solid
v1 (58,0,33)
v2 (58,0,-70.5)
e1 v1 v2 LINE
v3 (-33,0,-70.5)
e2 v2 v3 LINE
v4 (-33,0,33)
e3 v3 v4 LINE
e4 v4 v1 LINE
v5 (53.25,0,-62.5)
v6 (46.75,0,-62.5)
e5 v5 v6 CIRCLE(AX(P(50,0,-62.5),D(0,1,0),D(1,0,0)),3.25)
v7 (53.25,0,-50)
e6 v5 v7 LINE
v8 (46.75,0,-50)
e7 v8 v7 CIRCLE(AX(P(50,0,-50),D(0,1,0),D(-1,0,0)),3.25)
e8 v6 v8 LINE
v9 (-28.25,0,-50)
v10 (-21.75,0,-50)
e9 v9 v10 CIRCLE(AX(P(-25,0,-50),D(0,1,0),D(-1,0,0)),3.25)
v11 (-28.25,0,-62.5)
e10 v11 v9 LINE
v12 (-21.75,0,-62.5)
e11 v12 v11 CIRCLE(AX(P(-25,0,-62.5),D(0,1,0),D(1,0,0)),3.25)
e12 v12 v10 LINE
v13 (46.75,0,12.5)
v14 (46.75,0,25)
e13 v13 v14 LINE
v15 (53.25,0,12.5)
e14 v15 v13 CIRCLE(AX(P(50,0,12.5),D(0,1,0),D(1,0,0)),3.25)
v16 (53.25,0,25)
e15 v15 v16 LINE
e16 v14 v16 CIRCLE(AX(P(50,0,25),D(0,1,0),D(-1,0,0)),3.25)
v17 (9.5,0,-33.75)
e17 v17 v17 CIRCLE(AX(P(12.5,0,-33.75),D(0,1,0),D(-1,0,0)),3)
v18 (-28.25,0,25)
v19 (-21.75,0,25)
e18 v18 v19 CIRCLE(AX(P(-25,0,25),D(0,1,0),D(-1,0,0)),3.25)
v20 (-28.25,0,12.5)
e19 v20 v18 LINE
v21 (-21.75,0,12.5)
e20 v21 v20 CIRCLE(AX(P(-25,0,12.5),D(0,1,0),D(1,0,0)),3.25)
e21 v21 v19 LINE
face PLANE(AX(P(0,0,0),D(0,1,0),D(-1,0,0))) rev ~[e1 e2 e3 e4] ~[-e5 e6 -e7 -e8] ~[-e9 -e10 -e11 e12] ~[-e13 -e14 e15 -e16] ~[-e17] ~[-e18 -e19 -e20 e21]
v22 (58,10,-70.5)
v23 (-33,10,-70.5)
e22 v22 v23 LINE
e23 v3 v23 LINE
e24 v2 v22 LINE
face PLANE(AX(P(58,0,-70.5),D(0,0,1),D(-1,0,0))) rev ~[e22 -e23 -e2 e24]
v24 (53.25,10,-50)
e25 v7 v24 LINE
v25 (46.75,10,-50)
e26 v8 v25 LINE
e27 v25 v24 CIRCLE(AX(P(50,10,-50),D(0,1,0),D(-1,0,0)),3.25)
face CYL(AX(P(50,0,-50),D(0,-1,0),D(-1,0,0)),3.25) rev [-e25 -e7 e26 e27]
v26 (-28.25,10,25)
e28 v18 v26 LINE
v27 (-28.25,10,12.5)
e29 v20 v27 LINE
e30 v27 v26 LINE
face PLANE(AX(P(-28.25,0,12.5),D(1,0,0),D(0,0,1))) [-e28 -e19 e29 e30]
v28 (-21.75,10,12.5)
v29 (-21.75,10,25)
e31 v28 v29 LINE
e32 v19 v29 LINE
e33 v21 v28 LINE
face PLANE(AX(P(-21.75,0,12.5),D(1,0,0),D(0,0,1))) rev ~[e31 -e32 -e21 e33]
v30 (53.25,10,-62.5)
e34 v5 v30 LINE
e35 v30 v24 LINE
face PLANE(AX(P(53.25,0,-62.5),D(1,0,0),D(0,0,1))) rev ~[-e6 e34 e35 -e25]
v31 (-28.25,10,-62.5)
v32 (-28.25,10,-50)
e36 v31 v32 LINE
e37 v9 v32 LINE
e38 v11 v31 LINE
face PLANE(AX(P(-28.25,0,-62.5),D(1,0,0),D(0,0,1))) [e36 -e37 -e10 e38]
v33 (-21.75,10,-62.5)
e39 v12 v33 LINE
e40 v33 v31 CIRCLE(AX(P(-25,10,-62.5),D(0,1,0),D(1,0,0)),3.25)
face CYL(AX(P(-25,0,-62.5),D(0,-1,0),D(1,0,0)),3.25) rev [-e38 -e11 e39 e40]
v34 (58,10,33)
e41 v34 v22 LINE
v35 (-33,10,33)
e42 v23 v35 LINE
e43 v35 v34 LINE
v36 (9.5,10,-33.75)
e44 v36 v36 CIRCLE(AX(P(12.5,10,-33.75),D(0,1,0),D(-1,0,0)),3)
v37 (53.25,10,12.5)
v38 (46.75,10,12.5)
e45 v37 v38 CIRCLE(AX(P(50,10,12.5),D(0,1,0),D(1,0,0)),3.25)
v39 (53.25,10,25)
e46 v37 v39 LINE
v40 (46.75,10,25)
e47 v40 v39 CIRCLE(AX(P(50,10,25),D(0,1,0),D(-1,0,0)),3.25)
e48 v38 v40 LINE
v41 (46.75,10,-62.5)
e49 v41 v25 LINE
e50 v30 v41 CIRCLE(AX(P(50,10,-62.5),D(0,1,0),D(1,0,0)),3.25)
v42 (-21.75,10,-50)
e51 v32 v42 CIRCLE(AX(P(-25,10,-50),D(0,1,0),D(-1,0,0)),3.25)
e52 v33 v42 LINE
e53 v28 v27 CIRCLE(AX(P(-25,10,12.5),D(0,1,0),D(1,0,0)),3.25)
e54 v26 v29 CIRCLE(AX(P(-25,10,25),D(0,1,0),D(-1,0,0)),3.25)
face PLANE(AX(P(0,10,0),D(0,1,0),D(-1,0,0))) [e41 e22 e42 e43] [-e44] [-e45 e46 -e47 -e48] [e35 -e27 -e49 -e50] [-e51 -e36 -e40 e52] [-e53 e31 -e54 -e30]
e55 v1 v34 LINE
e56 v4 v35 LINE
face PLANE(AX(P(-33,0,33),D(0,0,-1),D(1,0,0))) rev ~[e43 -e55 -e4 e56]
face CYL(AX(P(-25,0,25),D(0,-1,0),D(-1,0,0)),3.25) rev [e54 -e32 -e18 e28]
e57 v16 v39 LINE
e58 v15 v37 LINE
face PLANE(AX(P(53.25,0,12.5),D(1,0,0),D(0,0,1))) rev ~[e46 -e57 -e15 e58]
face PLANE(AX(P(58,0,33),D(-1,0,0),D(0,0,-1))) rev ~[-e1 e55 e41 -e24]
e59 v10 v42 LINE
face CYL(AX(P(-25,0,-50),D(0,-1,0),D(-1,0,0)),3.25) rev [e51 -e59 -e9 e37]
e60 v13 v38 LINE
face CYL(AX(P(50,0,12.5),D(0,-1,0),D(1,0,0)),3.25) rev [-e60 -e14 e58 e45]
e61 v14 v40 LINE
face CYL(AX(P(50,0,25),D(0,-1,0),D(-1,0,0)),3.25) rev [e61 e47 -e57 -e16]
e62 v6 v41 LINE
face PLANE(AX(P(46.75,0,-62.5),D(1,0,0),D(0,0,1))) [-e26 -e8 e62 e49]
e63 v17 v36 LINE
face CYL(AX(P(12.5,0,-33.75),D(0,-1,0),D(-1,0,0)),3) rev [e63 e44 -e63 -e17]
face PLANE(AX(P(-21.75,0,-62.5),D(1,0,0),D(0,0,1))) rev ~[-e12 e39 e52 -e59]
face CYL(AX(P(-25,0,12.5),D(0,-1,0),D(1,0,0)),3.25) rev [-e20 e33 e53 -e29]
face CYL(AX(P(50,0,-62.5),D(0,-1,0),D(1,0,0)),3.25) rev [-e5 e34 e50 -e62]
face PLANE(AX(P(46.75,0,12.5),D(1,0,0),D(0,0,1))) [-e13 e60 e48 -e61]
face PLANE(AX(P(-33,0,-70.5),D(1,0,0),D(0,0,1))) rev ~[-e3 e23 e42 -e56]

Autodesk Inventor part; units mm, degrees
ref_plane "YZ Plane" through (0, 0, 0) normal (1, 0, 0) x (0, 1, 0)
ref_plane "XZ Plane" through (0, 0, 0) normal (0, 1, 0) x (-1, 0, 0)
ref_plane "XY Plane" through (0, 0, 0) normal (0, 0, 1) x (1, 0, 0)
sketch "Sketch2" plane through (0, 0, 0) normal (0, 1, 0) x (-1, 0, 0)
  arc A0 (21.75, 12.5) -> (28.25, 12.5) centre (25, 12.5) ccw
  line L0 (28.25, 12.5) -> (21.75, 12.5) construction
  line L1 (28.25, 12.5) -> (34.75, 12.5) construction
  line L2 (28.25, 12.5) -> (28.25, 25)
  line L3 (28.25, 12.5) -> (40.75, 12.5) construction
  line L4 (21.75, 12.5) -> (21.75, 25)
  line L5 (21.75, 12.5) -> (34.25, 12.5) construction
  arc A1 (28.25, 25) -> (21.75, 25) centre (25, 25) ccw
  arc A2 (-53.25, 12.5) -> (-46.75, 12.5) centre (-50, 12.5) ccw
  line L6 (-46.75, 12.5) -> (-53.25, 12.5) construction
  line L7 (-46.75, 12.5) -> (-40.25, 12.5) construction
  line L8 (-46.75, 12.5) -> (-46.75, 25)
  line L9 (-46.75, 12.5) -> (-34.25, 12.5) construction
  line L10 (-53.25, 12.5) -> (-53.25, 25)
  line L11 (-53.25, 12.5) -> (-40.75, 12.5) construction
  arc A3 (-46.75, 25) -> (-53.25, 25) centre (-50, 25) ccw
  arc A4 (-53.25, -62.5) -> (-46.75, -62.5) centre (-50, -62.5) ccw
  line L12 (-46.75, -62.5) -> (-53.25, -62.5) construction
  line L13 (-46.75, -62.5) -> (-40.25, -62.5) construction
  line L14 (-46.75, -62.5) -> (-46.75, -50)
  line L15 (-46.75, -62.5) -> (-34.25, -62.5) construction
  line L16 (-53.25, -62.5) -> (-53.25, -50)
  line L17 (-53.25, -62.5) -> (-40.75, -62.5) construction
  arc A5 (-46.75, -50) -> (-53.25, -50) centre (-50, -50) ccw
  line L18 (28.25, -62.5) -> (40.75, -62.5) construction
  line L19 (28.25, -62.5) -> (34.75, -62.5) construction
  line L20 (28.25, -62.5) -> (28.25, -50)
  line L21 (21.75, -62.5) -> (34.25, -62.5) construction
  arc A6 (21.75, -62.5) -> (28.25, -62.5) centre (25, -62.5) ccw
  line L22 (28.25, -62.5) -> (21.75, -62.5) construction
  line L23 (21.75, -62.5) -> (21.75, -50)
  arc A7 (28.25, -50) -> (21.75, -50) centre (25, -50) ccw
  line L24 (33, 33) -> (-58, 33)
  line L25 (-58, 33) -> (-58, -70.5)
  line L26 (-58, -70.5) -> (33, -70.5)
  line L27 (33, -70.5) -> (33, 33)
  circle A8 centre (-12.5, -33.75) radius 3
  point P0 (0, 0)
  dimension "d25" = 6.5
  dimension "d26" = 180
  dimension "d27" = 3.25
  dimension "d28" = 12.5
  dimension "d29" = 90
  dimension "d30" = 12.5
  dimension "d31" = 90
  dimension "d32" = 3.25
  dimension "d33" = 6.5
  dimension "d34" = 180
  dimension "d35" = 3.25
  dimension "d36" = 12.5
  dimension "d37" = 90
  dimension "d38" = 12.5
  dimension "d39" = 90
  dimension "d40" = 3.25
  dimension "d41" = 25
  dimension "d42" = 25
  dimension "d43" = 6.5
  dimension "d44" = 180
  dimension "d45" = 3.25
  dimension "d46" = 12.5
  dimension "d47" = 90
  dimension "d48" = 12.5
  dimension "d49" = 90
  dimension "d50" = 3.25
  dimension "d51" = 6.5
  dimension "d52" = 180
  dimension "d53" = 3.25
  dimension "d54" = 12.5
  dimension "d55" = 90
  dimension "d56" = 12.5
  dimension "d57" = 90
  dimension "d58" = 3.25
  dimension "d59" = 75
  dimension "d60" = 0
  dimension "d61" = 75
  dimension "d62" = 0
  dimension "d63" = 75
  dimension "d64" = 75
  dimension "d65" = 8
  dimension "d66" = 8
  dimension "d67" = 8
  dimension "d68" = 8
  dimension "d71" = 6
  dimension "d76" = 16.25
  dimension "d77" = 37.5
extrude "Extrusion2" add sketch "Sketch2" along normal blind 10
properties part number "StepperAdapter"
